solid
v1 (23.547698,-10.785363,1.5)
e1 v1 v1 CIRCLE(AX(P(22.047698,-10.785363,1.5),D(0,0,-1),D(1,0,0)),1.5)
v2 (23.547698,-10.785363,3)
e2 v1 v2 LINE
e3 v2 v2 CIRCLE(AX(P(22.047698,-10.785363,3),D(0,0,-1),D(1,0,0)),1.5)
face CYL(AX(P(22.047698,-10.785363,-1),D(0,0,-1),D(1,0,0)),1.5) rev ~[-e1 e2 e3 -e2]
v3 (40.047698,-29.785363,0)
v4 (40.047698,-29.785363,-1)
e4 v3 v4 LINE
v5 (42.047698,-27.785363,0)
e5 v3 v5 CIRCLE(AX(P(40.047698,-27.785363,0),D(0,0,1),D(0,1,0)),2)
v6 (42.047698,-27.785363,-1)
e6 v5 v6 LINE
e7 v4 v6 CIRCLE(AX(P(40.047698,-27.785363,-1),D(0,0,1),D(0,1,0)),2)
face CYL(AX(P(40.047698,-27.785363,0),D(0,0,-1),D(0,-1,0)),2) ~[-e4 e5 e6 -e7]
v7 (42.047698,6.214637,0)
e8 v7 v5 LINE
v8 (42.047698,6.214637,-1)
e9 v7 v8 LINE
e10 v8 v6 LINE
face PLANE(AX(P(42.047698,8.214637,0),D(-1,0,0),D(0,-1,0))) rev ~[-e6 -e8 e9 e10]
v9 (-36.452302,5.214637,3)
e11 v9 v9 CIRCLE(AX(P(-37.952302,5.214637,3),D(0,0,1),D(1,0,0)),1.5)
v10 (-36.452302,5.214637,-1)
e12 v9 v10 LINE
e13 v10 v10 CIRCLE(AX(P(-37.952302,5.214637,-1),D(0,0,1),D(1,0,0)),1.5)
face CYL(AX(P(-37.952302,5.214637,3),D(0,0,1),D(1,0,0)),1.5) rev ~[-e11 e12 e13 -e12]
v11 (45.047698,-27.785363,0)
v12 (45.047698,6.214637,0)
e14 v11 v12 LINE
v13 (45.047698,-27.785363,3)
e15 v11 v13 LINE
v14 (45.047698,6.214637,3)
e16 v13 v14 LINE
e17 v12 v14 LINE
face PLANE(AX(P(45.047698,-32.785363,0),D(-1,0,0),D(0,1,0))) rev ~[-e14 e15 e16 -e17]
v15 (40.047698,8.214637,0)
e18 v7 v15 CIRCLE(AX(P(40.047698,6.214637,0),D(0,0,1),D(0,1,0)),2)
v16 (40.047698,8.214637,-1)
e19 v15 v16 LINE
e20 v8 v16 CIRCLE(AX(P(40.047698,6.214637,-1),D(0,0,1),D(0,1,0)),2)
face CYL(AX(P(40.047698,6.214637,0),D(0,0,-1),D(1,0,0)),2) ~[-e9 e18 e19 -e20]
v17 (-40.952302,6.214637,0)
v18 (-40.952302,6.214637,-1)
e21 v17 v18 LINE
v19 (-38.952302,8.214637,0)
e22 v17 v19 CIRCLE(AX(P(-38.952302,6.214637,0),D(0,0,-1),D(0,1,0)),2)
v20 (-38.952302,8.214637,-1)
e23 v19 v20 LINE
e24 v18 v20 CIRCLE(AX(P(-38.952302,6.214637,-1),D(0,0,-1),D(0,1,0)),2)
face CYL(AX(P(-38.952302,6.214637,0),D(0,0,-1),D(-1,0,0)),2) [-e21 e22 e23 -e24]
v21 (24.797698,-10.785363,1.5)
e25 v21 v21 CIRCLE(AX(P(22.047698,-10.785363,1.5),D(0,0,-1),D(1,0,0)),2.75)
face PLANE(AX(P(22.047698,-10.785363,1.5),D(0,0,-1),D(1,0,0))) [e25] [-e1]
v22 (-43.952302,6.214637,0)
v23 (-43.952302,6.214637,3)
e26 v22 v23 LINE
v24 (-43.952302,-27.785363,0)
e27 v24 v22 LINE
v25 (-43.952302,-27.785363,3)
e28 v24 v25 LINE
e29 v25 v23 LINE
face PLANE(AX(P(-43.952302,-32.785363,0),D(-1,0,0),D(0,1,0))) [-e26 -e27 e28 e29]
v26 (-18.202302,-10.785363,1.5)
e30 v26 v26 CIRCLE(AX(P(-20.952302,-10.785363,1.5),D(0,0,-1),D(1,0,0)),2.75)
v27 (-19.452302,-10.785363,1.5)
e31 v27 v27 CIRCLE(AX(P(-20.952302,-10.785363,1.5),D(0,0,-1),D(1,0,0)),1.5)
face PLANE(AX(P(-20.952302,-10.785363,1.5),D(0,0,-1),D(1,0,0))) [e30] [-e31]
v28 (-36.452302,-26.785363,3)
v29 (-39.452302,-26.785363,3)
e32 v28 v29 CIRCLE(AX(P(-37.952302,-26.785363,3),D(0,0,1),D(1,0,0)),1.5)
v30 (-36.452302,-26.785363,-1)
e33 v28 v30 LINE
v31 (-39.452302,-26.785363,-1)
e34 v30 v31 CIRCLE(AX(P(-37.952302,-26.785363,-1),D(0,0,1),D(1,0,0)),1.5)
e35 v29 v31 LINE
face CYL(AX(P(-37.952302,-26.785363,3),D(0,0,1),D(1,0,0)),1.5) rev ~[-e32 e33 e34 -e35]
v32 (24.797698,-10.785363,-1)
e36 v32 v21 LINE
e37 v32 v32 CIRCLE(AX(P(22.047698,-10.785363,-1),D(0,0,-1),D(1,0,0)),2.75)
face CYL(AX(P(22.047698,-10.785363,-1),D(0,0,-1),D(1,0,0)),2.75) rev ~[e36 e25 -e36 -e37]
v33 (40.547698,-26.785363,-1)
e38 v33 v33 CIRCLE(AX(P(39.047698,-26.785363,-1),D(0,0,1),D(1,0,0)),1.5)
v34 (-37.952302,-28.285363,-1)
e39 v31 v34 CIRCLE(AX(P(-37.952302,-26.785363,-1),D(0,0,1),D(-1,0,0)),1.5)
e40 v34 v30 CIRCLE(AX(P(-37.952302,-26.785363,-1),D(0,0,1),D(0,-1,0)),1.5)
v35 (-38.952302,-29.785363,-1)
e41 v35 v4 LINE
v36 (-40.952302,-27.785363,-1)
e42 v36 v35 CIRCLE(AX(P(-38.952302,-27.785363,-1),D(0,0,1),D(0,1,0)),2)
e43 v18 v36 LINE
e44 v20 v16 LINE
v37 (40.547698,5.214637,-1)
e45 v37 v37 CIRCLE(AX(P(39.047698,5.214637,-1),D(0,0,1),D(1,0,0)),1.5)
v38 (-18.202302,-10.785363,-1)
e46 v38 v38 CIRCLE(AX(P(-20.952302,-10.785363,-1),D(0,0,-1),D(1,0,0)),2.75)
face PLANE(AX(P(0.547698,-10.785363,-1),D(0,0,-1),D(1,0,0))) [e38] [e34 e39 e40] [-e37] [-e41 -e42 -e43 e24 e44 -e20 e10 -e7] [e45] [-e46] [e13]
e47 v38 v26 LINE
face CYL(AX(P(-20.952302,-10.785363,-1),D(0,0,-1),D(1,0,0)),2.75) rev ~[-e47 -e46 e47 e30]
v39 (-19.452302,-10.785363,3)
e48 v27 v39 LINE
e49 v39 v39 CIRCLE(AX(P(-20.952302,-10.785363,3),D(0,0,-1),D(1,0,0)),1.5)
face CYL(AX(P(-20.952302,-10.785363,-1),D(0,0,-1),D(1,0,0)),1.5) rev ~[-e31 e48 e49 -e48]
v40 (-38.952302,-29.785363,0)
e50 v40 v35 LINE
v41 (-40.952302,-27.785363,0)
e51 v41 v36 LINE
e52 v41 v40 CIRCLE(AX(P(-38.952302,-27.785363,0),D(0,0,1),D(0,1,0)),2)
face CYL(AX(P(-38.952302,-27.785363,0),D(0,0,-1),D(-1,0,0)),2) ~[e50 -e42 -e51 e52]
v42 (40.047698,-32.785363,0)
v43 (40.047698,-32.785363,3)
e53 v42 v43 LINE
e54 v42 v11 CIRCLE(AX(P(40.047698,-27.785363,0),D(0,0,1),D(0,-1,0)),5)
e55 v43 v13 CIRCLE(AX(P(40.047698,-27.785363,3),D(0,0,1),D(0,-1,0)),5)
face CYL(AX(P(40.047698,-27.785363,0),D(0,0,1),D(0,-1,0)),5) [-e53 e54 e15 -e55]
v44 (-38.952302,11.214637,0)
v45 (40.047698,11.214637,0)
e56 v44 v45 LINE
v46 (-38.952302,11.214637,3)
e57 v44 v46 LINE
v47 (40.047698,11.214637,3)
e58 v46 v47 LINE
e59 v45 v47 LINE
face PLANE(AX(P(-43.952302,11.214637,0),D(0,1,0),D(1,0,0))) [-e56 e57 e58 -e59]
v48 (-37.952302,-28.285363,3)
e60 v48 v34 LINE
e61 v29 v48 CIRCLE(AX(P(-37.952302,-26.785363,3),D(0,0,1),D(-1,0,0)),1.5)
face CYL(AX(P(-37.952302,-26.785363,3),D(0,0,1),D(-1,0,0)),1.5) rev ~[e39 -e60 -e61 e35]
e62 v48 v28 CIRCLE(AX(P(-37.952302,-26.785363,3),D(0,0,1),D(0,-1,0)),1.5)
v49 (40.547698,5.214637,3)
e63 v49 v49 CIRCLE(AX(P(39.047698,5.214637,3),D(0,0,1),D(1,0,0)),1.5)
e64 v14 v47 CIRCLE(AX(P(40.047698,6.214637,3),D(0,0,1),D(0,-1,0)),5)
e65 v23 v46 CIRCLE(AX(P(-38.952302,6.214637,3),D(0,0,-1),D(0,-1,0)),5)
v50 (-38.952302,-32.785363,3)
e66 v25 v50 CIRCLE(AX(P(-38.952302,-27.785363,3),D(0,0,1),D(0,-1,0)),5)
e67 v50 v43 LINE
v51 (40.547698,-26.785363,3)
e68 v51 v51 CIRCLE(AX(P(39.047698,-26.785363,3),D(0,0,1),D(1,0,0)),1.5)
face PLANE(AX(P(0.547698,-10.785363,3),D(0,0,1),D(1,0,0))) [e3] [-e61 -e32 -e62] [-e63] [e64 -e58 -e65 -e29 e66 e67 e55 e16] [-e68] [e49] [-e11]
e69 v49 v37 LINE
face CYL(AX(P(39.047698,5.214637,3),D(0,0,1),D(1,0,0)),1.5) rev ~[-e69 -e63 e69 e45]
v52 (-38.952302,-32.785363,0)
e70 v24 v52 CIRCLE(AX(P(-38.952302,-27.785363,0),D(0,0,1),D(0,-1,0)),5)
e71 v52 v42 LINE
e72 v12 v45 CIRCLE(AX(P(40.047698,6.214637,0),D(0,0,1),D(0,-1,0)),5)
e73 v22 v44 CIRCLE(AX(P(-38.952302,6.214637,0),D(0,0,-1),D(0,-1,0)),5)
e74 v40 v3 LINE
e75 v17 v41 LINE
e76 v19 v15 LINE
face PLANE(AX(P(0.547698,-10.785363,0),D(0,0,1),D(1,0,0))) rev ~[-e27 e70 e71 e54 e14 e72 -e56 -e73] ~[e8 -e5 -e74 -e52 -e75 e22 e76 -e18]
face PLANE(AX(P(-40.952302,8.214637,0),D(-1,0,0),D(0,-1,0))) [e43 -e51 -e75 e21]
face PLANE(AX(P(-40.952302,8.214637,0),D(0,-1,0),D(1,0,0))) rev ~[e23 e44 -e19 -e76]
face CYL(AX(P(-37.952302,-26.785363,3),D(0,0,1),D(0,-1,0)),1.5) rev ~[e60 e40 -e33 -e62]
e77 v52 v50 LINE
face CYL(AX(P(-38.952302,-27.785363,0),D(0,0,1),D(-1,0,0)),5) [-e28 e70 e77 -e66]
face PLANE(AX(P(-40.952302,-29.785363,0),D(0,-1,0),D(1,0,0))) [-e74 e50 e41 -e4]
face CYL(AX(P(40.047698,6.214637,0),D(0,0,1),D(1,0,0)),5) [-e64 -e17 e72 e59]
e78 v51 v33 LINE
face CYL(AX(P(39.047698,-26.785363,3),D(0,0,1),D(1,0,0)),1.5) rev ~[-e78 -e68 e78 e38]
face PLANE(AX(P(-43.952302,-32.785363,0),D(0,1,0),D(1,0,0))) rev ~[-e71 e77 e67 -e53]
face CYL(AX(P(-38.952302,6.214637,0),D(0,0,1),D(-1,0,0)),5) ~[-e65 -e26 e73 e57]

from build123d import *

# Parameters (mm, degrees)
F0_W      = 89
F0_H      = 44
F0_W_2    = 85
F0_H_2    = 40
F1_DEPTH  = 3
F2_R      = 5
F3_W      = 83
F3_H      = 38
F4_DEPTH  = 1
F5_R      = 2
F6_R      = 1.5
F7_DEPTH  = 25
F8_R      = 2.75
F9_DEPTH  = 2.5
F10_R     = 1.5
F11_DEPTH = 25


with BuildPart() as f1:
    # F0 (on Top) → F1 (new body)
    with BuildSketch(Plane.XY):
        with Locations((0.5476979613, -10.7853626366)):
            Rectangle(F0_W, F0_H)
        with Locations((0.5476979613, -10.7853626366)):
            Rectangle(F0_W_2, F0_H_2, mode=Mode.SUBTRACT)
        with Locations((0.5476979613, -10.7853626366)):
            Rectangle(F0_W_2, F0_H_2)
    extrude(amount=F1_DEPTH)

    # F2
    f2_edges = [f1.edges().sort_by_distance(p)[0] for p in [
        (-43.952302, 11.214637, 1.5),
        (45.047698, 11.214637, 1.5),
        (45.047698, -32.785363, 1.5),
        (-43.952302, -32.785363, 1.5),
    ]]
    fillet(f2_edges, radius=F2_R)

    # F3 (on face) → F4 (join)
    with BuildSketch(Plane(origin=(0, 0, 0), x_dir=(1, 0, 0), z_dir=(0, 0, -1))):
        with Locations((0.5476979613, 10.7853626366)):
            Rectangle(F3_W, F3_H)
    extrude(amount=F4_DEPTH)

    # F5
    f5_edges = [f1.edges().sort_by_distance(p)[0] for p in [
        (-40.952302, -29.785363, -0.5),
        (-40.952302, 8.214637, -0.5),
        (42.047698, 8.214637, -0.5),
        (42.047698, -29.785363, -0.5),
    ]]
    fillet(f5_edges, radius=F5_R)

    # F6 (on face) → F7 (cut)
    with BuildSketch(Plane(origin=(0, 0, -1), x_dir=(1, 0, 0), z_dir=(0, 0, -1))):
        with Locations((22.0476979613, 10.7853626366)):
            Circle(F6_R)
        with BuildLine():
            ThreePointArc((-22.4523020387, 10.7853626366), (-20.9523020387, 9.2853626366), (-19.4523020387, 10.7853626366))
            ThreePointArc((-19.4523020387, 10.7853626366), (-20.9523020387, 12.2853626366), (-22.4523020387, 10.7853626366))
        make_face()
    extrude(amount=-F7_DEPTH, mode=Mode.SUBTRACT)

    # F8 (on face) → F9 (cut)
    with BuildSketch(Plane(origin=(0, 0, -1), x_dir=(1, 0, 0), z_dir=(0, 0, -1))):
        with Locations((-20.9523020387, 10.7853626366)):
            Circle(F8_R)
        with Locations((22.0476979613, 10.7853626366)):
            Circle(F8_R)
    extrude(amount=-F9_DEPTH, mode=Mode.SUBTRACT)

    # F10 (on face) → F11 (cut)
    with BuildSketch(Plane.XY.offset(3)):
        with BuildLine():
            ThreePointArc((-36.4523020387, -26.7853626366), (-37.9523020387, -25.2853626366), (-39.4523020387, -26.7853626366))
            Line((-39.4523020387, -26.7853626366), (-37.9523020387, -26.7853626366))
            Line((-37.9523020387, -26.7853626366), (-37.9523020387, -28.2853626366))
            ThreePointArc((-37.9523020387, -28.2853626366), (-36.8916418669, -27.8460228084), (-36.4523020387, -26.7853626366))
        make_face()
        with BuildLine():
            Line((-37.9523020387, -26.7853626366), (-39.4523020387, -26.7853626366))
            ThreePointArc((-39.4523020387, -26.7853626366), (-39.0129622104, -27.8460228084), (-37.9523020387, -28.2853626366))
            Line((-37.9523020387, -28.2853626366), (-37.9523020387, -26.7853626366))
        make_face()
        with Locations((-37.9523020387, 5.2146373634)):
            Circle(F10_R)
        with Locations((39.0476979613, -26.7853626366)):
            Circle(F10_R)
        with Locations((39.0476979613, 5.2146373634)):
            Circle(F10_R)
    extrude(amount=-F11_DEPTH, mode=Mode.SUBTRACT)


solid = f1.part
